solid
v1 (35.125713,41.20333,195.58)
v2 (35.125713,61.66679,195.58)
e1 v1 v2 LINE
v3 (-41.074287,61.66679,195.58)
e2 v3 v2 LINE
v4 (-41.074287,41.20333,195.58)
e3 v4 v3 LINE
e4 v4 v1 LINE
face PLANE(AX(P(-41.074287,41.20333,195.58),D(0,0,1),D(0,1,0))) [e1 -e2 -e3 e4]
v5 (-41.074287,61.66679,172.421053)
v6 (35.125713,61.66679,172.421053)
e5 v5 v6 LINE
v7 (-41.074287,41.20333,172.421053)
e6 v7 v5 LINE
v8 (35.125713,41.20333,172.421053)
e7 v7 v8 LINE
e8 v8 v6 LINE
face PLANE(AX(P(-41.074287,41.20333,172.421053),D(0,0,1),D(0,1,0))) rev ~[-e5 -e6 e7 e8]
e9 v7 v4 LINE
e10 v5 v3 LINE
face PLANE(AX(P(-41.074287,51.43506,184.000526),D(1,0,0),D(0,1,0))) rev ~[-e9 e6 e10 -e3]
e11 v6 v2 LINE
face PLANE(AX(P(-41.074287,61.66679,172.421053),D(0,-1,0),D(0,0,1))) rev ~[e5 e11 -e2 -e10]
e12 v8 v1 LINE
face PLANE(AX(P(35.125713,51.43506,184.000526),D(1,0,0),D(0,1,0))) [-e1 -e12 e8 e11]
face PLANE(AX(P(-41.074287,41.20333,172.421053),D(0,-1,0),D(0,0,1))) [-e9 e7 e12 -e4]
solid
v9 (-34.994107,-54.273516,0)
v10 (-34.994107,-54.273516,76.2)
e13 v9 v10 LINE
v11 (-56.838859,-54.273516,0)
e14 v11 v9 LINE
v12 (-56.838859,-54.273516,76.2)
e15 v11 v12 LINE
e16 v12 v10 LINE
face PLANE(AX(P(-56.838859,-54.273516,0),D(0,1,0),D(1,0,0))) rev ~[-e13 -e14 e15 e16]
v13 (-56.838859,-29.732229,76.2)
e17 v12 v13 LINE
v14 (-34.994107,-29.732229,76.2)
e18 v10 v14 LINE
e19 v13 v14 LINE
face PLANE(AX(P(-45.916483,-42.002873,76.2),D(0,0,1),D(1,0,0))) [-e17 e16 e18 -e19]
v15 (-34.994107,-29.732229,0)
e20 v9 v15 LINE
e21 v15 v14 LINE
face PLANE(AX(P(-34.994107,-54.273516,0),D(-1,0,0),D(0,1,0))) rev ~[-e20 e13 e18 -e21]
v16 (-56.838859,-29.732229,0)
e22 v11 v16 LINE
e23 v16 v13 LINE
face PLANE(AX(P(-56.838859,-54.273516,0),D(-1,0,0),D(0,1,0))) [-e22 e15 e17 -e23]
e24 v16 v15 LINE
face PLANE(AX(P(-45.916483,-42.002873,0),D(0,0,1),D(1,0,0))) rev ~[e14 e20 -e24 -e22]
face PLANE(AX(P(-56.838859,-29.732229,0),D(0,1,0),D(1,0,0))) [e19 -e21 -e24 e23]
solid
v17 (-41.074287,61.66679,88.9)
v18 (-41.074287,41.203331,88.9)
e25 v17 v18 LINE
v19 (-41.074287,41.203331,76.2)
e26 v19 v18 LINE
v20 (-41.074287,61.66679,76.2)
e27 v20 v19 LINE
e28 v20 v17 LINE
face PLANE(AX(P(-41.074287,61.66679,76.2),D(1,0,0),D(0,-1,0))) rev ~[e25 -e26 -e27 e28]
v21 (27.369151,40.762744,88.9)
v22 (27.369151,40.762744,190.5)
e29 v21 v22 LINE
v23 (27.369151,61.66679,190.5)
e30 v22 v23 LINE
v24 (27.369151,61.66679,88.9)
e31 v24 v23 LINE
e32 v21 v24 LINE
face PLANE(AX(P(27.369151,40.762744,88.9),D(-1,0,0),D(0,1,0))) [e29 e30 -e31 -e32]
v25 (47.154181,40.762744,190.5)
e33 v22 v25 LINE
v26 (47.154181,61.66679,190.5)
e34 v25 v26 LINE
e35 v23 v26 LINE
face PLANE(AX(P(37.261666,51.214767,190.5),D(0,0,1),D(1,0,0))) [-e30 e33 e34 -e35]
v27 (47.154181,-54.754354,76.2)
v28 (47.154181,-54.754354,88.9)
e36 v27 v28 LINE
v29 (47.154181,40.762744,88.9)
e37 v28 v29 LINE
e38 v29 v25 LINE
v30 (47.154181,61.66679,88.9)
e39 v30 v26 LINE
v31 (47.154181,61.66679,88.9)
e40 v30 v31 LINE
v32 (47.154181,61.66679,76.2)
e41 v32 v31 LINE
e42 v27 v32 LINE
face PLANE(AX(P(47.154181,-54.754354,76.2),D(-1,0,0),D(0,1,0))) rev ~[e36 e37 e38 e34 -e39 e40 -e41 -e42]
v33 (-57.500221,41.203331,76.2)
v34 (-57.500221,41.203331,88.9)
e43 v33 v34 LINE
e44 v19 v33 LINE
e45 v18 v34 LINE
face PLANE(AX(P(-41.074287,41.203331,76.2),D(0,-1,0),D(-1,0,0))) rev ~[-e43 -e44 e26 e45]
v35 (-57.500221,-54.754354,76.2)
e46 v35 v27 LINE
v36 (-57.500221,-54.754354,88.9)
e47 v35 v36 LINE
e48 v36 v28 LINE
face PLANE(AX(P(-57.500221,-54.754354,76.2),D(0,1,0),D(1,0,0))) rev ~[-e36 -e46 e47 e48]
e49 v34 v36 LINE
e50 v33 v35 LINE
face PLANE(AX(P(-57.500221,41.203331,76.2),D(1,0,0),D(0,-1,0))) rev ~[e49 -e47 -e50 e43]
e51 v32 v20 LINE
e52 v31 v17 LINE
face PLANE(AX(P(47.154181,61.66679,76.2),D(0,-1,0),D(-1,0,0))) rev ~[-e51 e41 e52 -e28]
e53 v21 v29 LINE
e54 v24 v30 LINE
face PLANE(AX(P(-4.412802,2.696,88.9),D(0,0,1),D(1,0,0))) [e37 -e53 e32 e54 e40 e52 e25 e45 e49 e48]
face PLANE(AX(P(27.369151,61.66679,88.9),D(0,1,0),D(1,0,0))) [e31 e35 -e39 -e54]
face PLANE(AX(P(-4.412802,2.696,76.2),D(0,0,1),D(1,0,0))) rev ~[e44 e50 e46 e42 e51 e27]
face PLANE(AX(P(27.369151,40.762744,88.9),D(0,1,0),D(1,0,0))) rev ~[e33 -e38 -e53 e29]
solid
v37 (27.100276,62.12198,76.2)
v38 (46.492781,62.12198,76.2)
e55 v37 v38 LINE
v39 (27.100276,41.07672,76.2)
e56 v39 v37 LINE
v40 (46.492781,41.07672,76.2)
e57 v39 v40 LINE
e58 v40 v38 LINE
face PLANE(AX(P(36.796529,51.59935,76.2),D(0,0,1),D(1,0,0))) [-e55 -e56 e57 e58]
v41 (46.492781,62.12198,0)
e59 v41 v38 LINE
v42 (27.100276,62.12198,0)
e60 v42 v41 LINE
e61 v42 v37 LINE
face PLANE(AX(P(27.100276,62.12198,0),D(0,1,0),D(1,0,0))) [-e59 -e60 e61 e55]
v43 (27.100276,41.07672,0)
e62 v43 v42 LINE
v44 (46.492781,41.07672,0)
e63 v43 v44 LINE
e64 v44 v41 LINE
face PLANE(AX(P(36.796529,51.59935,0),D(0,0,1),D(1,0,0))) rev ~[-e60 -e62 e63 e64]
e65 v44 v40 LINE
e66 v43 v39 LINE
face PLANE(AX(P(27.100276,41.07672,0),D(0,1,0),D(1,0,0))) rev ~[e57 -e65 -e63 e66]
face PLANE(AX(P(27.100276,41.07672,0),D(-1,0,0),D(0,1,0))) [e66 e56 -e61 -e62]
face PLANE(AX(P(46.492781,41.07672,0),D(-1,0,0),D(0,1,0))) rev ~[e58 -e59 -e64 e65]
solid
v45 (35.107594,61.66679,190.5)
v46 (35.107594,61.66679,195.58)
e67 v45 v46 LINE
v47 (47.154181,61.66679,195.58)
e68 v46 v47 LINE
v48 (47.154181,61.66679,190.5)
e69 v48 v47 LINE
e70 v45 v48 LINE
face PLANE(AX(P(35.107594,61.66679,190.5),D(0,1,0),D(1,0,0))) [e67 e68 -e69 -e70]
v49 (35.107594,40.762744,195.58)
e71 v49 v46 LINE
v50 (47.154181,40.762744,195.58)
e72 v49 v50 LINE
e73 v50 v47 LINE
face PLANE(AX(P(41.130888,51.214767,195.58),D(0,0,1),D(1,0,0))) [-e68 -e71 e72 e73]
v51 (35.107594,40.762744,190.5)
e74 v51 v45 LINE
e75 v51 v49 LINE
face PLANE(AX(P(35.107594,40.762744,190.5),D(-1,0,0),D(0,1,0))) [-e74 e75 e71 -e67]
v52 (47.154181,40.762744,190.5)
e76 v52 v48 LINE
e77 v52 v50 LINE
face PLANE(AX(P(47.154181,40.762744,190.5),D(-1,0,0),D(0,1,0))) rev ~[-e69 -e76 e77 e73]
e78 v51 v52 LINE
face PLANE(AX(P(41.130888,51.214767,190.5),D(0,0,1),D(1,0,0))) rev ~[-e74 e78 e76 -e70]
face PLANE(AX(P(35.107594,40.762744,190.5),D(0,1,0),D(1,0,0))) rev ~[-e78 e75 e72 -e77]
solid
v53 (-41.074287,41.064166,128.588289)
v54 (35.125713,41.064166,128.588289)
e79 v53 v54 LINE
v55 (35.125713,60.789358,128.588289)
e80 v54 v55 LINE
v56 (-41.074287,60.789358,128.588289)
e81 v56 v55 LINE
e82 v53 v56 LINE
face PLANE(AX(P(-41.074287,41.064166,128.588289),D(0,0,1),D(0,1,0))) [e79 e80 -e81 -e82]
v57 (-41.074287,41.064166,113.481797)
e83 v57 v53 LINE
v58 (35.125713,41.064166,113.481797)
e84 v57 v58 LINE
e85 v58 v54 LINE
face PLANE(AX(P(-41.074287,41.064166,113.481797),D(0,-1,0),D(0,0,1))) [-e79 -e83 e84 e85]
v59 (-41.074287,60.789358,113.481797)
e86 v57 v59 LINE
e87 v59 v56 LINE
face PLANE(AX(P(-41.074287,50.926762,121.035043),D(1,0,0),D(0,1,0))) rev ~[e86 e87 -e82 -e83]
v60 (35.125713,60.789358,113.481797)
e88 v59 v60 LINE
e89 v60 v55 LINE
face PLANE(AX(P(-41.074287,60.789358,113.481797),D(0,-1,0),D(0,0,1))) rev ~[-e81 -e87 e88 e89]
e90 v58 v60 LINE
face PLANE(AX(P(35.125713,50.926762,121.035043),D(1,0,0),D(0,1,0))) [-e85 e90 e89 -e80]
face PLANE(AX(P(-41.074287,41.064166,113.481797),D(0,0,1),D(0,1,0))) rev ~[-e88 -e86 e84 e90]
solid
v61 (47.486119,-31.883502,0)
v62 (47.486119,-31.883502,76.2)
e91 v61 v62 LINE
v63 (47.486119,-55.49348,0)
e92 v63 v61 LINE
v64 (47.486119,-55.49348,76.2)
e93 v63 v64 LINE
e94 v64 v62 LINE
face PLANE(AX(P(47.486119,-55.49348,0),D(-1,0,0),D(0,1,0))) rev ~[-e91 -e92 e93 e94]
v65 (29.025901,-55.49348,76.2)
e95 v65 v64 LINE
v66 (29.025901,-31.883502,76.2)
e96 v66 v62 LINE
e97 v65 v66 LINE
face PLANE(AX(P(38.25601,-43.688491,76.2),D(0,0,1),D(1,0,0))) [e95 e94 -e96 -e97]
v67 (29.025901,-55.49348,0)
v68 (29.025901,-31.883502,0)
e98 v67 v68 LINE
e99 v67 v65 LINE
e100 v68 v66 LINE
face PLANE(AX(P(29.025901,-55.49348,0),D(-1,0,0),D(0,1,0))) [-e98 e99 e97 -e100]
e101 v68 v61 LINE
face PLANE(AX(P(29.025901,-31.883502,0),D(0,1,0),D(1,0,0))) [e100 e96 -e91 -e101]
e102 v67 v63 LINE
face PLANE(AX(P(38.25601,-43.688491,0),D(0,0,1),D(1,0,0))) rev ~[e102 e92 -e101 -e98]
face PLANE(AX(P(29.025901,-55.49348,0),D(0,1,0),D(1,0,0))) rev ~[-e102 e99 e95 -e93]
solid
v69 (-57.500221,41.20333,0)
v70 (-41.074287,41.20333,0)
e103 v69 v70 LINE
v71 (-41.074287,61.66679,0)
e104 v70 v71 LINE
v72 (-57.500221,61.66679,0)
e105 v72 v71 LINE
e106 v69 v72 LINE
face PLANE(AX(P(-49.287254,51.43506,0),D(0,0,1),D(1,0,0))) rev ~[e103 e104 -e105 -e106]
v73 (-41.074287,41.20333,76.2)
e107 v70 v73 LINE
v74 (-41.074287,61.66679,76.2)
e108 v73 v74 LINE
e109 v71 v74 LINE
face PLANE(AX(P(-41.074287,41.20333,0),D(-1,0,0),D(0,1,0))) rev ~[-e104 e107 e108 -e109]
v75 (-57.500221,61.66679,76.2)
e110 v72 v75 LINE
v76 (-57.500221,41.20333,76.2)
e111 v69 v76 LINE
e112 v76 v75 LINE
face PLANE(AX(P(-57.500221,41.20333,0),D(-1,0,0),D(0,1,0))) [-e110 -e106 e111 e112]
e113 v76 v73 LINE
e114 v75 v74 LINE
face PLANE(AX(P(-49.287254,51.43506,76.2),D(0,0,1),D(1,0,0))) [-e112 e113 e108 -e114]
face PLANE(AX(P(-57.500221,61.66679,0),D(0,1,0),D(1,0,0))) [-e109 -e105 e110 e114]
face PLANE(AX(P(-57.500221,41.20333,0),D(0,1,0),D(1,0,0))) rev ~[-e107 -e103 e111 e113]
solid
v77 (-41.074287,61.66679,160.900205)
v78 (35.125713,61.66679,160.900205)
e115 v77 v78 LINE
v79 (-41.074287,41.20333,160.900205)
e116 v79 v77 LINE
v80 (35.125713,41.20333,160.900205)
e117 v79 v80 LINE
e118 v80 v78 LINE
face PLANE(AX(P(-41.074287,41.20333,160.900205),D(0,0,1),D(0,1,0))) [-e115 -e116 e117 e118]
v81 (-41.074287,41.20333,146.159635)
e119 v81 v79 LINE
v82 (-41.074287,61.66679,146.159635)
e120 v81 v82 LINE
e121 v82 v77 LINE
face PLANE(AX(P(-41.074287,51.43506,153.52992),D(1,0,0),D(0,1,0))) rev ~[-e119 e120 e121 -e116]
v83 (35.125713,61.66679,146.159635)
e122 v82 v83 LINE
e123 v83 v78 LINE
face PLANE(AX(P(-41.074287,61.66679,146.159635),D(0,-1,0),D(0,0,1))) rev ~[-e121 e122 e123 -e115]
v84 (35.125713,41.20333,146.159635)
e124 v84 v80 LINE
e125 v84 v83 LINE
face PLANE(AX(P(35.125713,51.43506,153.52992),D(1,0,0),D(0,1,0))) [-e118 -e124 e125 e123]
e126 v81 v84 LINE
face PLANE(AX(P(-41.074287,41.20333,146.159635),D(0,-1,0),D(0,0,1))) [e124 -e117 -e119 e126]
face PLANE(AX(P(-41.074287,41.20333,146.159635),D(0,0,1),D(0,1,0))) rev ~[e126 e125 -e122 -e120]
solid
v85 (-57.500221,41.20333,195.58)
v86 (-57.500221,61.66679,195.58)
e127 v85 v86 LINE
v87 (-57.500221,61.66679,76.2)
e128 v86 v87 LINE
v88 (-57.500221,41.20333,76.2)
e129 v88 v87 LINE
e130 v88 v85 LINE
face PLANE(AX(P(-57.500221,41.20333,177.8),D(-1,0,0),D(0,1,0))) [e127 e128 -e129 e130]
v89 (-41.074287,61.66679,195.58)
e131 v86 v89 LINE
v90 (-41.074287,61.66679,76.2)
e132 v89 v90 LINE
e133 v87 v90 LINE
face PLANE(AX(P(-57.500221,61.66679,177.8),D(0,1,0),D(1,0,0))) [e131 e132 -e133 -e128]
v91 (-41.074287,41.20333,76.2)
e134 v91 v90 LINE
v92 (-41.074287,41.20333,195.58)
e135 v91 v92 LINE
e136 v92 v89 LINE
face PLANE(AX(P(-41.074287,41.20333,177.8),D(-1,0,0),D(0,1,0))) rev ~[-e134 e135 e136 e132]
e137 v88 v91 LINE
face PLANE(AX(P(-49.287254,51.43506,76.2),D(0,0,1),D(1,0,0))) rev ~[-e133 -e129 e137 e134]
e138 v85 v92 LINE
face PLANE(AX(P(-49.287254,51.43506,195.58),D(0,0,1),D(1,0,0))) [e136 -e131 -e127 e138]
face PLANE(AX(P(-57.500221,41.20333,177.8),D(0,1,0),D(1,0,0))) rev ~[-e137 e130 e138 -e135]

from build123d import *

# Parameters (mm, degrees)
F0_W      = 16.425934
F0_H      = 20.463459
F1_DEPTH  = 76.2
F2_W      = 19.392505
F2_H      = 21.04526
F3_DEPTH  = 76.2
F4_W      = 21.844752
F4_H      = 24.541287
F5_DEPTH  = 76.2
F6_W      = 18.460218
F6_H      = 23.609979
F7_DEPTH  = 76.2
F9_DEPTH  = 12.7
F10_W     = 16.425934
F10_H     = 20.463459
F11_DEPTH = 101.6
F12_W     = 19.78503
F12_H     = 20.904045
F13_DEPTH = 101.6
F14_W     = 16.425934
F14_H     = 20.463459
F15_DEPTH = 17.78
F17_W     = 19.725192
F17_H     = 15.106492
F18_DEPTH = 76.2
F16_W     = 20.463459
F16_H     = 23.158947
F19_DEPTH = 76.2
F20_W     = 12.046587
F20_H     = 20.904045
F21_DEPTH = 5.08
F22_W     = 20.463459
F22_H     = 14.740571
F23_DEPTH = 76.2


with BuildPart() as f1:
    # F0 (on Top) → F1 (new body)
    with BuildSketch(Plane.XY):
        with Locations((-49.287254, 51.43506)):
            Rectangle(F0_W, F0_H)
    extrude(amount=F1_DEPTH)


with BuildPart() as f3:
    # F2 (on Top) → F3 (new body)
    with BuildSketch(Plane.XY):
        with Locations((36.796529, 51.59935)):
            Rectangle(F2_W, F2_H)
    extrude(amount=F3_DEPTH)


with BuildPart() as f5:
    # F4 (on Top) → F5 (new body)
    with BuildSketch(Plane.XY):
        with Locations((-45.916483, -42.002873)):
            Rectangle(F4_W, F4_H)
    extrude(amount=F5_DEPTH)


with BuildPart() as f7:
    # F6 (on Top) → F7 (new body)
    with BuildSketch(Plane.XY):
        with Locations((38.25601, -43.688491)):
            Rectangle(F6_W, F6_H)
    extrude(amount=F7_DEPTH)


with BuildPart() as f9:
    # F8 (on face) → F9 (new body)
    with BuildSketch(Plane.XY.offset(76.2)):
        Polygon((47.154181, 61.66679), (-41.074287, 61.66679), (-41.074287, 41.203331), (-57.500221, 41.203331), (-57.500221, -54.754354), (47.154181, -54.754354), align=None)
    extrude(amount=F9_DEPTH)

    # F12 (on face) → F13 (join)
    with BuildSketch(Plane.XY.offset(88.9)):
        with Locations((37.261666, 51.214767)):
            Rectangle(F12_W, F12_H)
    extrude(amount=F13_DEPTH)


with BuildPart() as f11:
    # F10 (on face) → F11 (new body)
    with BuildSketch(Plane.XY.offset(76.2)):
        with Locations((-49.287254, 51.43506)):
            Rectangle(F10_W, F10_H)
    extrude(amount=F11_DEPTH)

    # F14 (on face) → F15 (join)
    with BuildSketch(Plane.XY.offset(177.8)):
        with Locations((-49.287254, 51.43506)):
            Rectangle(F14_W, F14_H)
    extrude(amount=F15_DEPTH)


with BuildPart() as f18:
    # F17 (on face) → F18 (new body)
    with BuildSketch(Plane.YZ.offset(-41.074287)):
        with Locations((50.926762, 121.035043)):
            Rectangle(F17_W, F17_H)
    extrude(amount=F18_DEPTH)


with BuildPart() as f19:
    # F16 (on face) → F19 (new body)
    with BuildSketch(Plane.YZ.offset(-41.074287)):
        with Locations((51.43506, 184.000526)):
            Rectangle(F16_W, F16_H)
    extrude(amount=F19_DEPTH)


with BuildPart() as f21:
    # F20 (on face) → F21 (new body)
    with BuildSketch(Plane.XY.offset(190.5)):
        with Locations((41.130888, 51.214767)):
            Rectangle(F20_W, F20_H)
    extrude(amount=F21_DEPTH)


with BuildPart() as f23:
    # F22 (on face) → F23 (new body)
    with BuildSketch(Plane.YZ.offset(-41.074287)):
        with Locations((51.43506, 153.52992)):
            Rectangle(F22_W, F22_H)
    extrude(amount=F23_DEPTH)


solid = Compound([f1.part, f3.part, f5.part, f7.part, f9.part, f11.part, f18.part, f19.part, f21.part, f23.part])
